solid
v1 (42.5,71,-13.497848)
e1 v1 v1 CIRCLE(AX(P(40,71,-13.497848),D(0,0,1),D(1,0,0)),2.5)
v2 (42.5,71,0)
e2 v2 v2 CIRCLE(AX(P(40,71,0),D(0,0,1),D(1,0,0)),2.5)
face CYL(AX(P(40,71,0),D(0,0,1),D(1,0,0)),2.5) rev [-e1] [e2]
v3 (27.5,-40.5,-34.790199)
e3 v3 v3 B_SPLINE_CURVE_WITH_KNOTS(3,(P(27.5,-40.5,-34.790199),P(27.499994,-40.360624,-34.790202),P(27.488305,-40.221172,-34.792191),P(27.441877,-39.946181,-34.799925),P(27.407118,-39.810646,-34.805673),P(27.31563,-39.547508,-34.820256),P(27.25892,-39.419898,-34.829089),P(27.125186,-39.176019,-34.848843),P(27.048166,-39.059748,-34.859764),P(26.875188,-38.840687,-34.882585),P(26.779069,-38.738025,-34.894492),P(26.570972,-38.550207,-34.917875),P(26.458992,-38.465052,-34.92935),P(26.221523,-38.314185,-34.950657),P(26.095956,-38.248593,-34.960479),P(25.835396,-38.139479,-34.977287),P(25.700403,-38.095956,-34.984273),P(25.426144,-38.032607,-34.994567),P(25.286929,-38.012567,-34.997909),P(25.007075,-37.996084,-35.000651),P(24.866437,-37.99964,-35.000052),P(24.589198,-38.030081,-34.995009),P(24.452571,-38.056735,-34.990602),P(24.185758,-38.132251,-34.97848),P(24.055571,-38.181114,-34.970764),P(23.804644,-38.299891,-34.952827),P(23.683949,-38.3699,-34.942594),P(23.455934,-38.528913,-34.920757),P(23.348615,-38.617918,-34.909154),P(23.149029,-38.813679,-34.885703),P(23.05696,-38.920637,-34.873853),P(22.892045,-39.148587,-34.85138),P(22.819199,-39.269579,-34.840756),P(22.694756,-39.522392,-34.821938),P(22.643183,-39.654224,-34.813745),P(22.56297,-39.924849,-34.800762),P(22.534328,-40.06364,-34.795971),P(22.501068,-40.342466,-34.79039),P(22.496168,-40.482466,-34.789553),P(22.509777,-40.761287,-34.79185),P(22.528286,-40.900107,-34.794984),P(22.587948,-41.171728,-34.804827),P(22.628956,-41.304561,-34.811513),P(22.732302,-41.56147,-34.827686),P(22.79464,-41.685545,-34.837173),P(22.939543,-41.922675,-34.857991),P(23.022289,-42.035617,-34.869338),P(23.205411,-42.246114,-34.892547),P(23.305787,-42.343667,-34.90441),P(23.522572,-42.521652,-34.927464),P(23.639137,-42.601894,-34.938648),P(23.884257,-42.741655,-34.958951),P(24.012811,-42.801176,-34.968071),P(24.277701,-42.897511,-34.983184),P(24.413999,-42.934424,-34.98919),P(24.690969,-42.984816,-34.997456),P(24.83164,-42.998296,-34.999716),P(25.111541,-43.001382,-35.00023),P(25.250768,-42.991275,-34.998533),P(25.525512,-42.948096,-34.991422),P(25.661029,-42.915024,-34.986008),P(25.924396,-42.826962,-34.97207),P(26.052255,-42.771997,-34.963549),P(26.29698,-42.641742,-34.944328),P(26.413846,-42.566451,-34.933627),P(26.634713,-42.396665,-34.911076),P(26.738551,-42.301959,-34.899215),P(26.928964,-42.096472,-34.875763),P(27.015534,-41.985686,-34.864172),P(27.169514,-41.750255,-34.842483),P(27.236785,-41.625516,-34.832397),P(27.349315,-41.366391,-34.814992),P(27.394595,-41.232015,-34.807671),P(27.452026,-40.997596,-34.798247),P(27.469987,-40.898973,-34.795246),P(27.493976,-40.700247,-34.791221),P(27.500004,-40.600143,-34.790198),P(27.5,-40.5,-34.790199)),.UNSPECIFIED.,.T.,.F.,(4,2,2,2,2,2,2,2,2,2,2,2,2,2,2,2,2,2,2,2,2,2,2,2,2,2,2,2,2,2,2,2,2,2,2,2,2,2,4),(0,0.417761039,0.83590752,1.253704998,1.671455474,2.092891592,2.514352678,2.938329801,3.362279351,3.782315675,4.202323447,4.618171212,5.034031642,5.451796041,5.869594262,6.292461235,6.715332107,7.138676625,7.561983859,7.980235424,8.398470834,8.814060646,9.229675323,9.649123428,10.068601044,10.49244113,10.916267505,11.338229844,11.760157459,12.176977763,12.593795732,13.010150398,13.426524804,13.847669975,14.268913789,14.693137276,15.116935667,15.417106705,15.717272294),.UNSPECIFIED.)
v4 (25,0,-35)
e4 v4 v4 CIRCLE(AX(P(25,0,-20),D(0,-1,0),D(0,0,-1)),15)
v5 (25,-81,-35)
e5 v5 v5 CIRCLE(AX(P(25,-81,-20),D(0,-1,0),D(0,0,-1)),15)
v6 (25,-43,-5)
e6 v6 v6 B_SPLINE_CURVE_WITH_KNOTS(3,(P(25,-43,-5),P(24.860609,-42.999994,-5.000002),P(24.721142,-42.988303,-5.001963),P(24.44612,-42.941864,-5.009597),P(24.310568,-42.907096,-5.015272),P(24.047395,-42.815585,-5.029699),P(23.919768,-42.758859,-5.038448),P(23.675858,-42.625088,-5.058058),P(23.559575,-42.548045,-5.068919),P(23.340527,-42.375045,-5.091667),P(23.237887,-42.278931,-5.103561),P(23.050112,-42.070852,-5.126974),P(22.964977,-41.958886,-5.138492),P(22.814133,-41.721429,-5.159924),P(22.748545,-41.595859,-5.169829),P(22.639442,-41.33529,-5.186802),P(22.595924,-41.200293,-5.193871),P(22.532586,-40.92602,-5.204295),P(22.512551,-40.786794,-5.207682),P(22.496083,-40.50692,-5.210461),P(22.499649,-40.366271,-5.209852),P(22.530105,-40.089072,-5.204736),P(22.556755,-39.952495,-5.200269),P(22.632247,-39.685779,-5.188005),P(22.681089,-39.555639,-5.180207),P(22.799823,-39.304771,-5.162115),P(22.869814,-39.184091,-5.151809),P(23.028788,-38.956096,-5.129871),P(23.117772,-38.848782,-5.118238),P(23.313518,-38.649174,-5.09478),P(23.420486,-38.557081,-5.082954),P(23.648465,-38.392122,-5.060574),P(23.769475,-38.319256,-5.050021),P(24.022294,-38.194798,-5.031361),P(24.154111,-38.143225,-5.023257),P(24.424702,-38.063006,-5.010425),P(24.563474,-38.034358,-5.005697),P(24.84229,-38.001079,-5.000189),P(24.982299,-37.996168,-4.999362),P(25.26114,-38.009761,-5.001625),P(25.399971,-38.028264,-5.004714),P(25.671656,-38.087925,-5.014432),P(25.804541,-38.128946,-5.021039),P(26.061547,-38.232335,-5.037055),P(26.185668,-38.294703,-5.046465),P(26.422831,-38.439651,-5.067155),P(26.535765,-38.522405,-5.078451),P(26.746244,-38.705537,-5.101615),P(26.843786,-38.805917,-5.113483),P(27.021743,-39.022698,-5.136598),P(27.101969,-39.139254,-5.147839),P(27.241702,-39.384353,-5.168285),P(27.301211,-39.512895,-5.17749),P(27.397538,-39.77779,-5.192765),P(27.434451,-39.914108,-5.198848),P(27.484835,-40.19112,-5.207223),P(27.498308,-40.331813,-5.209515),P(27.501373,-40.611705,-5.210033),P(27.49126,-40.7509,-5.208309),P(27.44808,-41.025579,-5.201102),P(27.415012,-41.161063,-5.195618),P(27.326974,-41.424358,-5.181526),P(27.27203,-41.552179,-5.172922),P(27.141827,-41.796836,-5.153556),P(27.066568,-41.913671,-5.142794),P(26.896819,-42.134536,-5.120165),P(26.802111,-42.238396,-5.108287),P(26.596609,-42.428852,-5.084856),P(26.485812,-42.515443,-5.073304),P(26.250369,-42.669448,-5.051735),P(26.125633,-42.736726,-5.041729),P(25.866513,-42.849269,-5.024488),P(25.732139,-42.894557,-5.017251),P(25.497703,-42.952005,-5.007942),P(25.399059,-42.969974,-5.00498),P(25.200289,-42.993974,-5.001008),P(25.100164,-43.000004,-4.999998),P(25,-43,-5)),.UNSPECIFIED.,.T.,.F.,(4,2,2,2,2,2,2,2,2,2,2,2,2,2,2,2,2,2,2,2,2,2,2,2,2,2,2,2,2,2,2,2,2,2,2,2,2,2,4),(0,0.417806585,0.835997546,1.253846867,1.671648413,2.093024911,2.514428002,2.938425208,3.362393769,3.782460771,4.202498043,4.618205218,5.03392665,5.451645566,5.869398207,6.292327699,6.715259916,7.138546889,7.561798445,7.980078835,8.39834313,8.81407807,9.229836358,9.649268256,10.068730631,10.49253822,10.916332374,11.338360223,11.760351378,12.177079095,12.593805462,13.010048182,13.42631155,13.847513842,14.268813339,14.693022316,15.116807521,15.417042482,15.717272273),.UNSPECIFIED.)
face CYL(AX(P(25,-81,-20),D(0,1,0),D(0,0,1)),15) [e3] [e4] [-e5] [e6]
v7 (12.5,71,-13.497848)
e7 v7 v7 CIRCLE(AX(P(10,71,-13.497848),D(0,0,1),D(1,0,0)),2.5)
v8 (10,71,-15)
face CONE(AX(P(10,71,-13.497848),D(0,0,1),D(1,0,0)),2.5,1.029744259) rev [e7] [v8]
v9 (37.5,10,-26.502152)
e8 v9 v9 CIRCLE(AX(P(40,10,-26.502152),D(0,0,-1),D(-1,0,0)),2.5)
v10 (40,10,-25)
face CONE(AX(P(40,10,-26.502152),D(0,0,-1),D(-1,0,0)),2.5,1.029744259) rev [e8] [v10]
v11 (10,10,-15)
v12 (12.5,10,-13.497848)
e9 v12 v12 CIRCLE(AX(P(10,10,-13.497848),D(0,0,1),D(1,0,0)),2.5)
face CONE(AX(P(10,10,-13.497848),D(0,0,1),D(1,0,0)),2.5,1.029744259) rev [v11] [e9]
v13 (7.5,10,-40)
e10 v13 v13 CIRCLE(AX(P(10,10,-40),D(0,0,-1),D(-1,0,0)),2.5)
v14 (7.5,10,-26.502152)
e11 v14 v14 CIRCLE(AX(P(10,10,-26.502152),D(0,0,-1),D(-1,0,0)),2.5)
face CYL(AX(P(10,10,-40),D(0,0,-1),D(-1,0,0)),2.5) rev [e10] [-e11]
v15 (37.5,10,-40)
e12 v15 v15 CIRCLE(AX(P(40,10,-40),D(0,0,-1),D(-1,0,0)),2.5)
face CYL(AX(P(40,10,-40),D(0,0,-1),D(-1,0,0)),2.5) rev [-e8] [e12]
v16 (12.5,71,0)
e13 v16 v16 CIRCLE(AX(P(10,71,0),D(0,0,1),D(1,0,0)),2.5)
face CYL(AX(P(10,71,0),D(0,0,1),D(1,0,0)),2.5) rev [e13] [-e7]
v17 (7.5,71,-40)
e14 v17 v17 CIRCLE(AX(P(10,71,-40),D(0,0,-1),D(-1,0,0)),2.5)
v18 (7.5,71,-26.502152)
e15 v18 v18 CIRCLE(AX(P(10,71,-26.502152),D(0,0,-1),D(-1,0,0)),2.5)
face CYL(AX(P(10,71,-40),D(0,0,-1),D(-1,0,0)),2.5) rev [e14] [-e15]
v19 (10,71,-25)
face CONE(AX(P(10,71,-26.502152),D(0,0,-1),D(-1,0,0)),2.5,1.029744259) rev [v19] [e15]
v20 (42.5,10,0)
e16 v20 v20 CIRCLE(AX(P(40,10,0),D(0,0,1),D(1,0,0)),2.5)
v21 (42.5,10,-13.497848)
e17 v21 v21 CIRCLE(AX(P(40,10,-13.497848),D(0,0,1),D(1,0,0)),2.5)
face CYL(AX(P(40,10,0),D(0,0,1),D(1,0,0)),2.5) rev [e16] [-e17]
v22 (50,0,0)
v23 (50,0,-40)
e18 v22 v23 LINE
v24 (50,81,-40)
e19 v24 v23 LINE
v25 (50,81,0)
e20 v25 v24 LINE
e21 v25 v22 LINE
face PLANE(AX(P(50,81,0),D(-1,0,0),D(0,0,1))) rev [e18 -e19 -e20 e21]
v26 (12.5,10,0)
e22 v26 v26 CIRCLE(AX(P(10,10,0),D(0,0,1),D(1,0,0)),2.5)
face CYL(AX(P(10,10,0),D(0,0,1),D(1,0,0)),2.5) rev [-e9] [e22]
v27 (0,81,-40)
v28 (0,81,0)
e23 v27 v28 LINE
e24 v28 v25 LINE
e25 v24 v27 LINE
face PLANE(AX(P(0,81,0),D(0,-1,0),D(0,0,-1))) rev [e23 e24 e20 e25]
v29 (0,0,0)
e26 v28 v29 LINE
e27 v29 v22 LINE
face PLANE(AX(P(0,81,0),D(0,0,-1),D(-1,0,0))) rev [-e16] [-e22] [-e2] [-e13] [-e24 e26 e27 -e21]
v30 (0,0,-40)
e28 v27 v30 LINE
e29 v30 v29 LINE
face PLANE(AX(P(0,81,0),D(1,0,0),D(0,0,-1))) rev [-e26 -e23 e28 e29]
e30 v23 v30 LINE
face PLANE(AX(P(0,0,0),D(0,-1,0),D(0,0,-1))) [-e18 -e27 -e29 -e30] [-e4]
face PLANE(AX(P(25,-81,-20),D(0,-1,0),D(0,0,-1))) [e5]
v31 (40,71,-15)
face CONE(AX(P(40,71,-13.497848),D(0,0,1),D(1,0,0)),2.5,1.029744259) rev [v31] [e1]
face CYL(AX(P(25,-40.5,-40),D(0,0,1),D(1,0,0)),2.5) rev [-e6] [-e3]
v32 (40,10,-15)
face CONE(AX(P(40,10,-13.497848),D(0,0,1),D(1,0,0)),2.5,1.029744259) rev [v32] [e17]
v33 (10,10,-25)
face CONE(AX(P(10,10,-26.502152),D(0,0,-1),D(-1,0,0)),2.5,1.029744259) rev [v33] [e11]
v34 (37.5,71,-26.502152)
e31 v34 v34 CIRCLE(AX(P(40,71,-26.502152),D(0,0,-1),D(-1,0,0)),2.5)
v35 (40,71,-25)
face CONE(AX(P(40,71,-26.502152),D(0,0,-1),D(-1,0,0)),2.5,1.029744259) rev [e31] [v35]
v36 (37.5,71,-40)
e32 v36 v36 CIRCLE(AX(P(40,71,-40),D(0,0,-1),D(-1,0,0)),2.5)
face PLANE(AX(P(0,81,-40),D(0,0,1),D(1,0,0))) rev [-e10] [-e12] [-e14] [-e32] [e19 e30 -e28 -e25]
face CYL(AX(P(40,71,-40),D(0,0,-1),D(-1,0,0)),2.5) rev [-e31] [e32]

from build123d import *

# Parameters (mm, degrees)
SKETCH1_W             = 50
SKETCH1_H             = 40
BOSS_EXTRUDE1_DEPTH   = 81
SKETCH2_R             = 15
BOSS_EXTRUDE2_DEPTH   = 81
SKETCH3_R             = 2.5
CUT_EXTRUDE1_DEPTH    = 41
M6_TAPPED_HOLE1_D     = 5
M6_TAPPED_HOLE1_DEPTH = 13.497848452
M6_TAPPED_HOLE1_TIP   = 1.502151548
M6_TAPPED_HOLE4_D     = 5
M6_TAPPED_HOLE4_DEPTH = 13.497848452
M6_TAPPED_HOLE4_TIP   = 1.502151548


with BuildPart() as part:
    # Sketch1 → Boss-Extrude1 (new body)
    with BuildSketch(Plane(origin=(0, 0, 0), x_dir=(1, 0, 0), z_dir=(0, 1, 0))):
        with Locations((25, 20)):
            Rectangle(SKETCH1_W, SKETCH1_H)
    extrude(amount=BOSS_EXTRUDE1_DEPTH)

    # Sketch2 → Boss-Extrude2 (add)
    with BuildSketch(Plane.XZ):
        with Locations((25, -20)):
            Circle(SKETCH2_R)
    extrude(amount=BOSS_EXTRUDE2_DEPTH)

    # Sketch3 → Cut-Extrude1 (cut, through all)
    with BuildSketch(Plane.XY):
        with Locations((25, -40.5)):
            Circle(SKETCH3_R)
    extrude(amount=-CUT_EXTRUDE1_DEPTH, mode=Mode.SUBTRACT)

    # M6 Tapped Hole1
    with Locations(Plane.XY):
        with Locations((10, 10), (40, 10), (40, 71), (10, 71)):
            Hole(M6_TAPPED_HOLE1_D / 2, depth=M6_TAPPED_HOLE1_DEPTH)
            with Locations((0, 0, -(M6_TAPPED_HOLE1_DEPTH + M6_TAPPED_HOLE1_TIP / 2))):  # 118° drill point
                Cone(0, M6_TAPPED_HOLE1_D / 2, M6_TAPPED_HOLE1_TIP, mode=Mode.SUBTRACT)

    # M6 Tapped Hole4
    with Locations(Plane(origin=(50.277007324, 10.627759916, -40), x_dir=(-1, 0, 0), z_dir=(0, 0, -1))):
        with Locations((10.277007324, -0.627759916), (40.277007324, -0.627759916), (40.277007324, 60.372240084), (10.277007324, 60.372240084)):
            Hole(M6_TAPPED_HOLE4_D / 2, depth=M6_TAPPED_HOLE4_DEPTH)
            with Locations((0, 0, -(M6_TAPPED_HOLE4_DEPTH + M6_TAPPED_HOLE4_TIP / 2))):  # 118° drill point
                Cone(0, M6_TAPPED_HOLE4_D / 2, M6_TAPPED_HOLE4_TIP, mode=Mode.SUBTRACT)


solid = part.part
